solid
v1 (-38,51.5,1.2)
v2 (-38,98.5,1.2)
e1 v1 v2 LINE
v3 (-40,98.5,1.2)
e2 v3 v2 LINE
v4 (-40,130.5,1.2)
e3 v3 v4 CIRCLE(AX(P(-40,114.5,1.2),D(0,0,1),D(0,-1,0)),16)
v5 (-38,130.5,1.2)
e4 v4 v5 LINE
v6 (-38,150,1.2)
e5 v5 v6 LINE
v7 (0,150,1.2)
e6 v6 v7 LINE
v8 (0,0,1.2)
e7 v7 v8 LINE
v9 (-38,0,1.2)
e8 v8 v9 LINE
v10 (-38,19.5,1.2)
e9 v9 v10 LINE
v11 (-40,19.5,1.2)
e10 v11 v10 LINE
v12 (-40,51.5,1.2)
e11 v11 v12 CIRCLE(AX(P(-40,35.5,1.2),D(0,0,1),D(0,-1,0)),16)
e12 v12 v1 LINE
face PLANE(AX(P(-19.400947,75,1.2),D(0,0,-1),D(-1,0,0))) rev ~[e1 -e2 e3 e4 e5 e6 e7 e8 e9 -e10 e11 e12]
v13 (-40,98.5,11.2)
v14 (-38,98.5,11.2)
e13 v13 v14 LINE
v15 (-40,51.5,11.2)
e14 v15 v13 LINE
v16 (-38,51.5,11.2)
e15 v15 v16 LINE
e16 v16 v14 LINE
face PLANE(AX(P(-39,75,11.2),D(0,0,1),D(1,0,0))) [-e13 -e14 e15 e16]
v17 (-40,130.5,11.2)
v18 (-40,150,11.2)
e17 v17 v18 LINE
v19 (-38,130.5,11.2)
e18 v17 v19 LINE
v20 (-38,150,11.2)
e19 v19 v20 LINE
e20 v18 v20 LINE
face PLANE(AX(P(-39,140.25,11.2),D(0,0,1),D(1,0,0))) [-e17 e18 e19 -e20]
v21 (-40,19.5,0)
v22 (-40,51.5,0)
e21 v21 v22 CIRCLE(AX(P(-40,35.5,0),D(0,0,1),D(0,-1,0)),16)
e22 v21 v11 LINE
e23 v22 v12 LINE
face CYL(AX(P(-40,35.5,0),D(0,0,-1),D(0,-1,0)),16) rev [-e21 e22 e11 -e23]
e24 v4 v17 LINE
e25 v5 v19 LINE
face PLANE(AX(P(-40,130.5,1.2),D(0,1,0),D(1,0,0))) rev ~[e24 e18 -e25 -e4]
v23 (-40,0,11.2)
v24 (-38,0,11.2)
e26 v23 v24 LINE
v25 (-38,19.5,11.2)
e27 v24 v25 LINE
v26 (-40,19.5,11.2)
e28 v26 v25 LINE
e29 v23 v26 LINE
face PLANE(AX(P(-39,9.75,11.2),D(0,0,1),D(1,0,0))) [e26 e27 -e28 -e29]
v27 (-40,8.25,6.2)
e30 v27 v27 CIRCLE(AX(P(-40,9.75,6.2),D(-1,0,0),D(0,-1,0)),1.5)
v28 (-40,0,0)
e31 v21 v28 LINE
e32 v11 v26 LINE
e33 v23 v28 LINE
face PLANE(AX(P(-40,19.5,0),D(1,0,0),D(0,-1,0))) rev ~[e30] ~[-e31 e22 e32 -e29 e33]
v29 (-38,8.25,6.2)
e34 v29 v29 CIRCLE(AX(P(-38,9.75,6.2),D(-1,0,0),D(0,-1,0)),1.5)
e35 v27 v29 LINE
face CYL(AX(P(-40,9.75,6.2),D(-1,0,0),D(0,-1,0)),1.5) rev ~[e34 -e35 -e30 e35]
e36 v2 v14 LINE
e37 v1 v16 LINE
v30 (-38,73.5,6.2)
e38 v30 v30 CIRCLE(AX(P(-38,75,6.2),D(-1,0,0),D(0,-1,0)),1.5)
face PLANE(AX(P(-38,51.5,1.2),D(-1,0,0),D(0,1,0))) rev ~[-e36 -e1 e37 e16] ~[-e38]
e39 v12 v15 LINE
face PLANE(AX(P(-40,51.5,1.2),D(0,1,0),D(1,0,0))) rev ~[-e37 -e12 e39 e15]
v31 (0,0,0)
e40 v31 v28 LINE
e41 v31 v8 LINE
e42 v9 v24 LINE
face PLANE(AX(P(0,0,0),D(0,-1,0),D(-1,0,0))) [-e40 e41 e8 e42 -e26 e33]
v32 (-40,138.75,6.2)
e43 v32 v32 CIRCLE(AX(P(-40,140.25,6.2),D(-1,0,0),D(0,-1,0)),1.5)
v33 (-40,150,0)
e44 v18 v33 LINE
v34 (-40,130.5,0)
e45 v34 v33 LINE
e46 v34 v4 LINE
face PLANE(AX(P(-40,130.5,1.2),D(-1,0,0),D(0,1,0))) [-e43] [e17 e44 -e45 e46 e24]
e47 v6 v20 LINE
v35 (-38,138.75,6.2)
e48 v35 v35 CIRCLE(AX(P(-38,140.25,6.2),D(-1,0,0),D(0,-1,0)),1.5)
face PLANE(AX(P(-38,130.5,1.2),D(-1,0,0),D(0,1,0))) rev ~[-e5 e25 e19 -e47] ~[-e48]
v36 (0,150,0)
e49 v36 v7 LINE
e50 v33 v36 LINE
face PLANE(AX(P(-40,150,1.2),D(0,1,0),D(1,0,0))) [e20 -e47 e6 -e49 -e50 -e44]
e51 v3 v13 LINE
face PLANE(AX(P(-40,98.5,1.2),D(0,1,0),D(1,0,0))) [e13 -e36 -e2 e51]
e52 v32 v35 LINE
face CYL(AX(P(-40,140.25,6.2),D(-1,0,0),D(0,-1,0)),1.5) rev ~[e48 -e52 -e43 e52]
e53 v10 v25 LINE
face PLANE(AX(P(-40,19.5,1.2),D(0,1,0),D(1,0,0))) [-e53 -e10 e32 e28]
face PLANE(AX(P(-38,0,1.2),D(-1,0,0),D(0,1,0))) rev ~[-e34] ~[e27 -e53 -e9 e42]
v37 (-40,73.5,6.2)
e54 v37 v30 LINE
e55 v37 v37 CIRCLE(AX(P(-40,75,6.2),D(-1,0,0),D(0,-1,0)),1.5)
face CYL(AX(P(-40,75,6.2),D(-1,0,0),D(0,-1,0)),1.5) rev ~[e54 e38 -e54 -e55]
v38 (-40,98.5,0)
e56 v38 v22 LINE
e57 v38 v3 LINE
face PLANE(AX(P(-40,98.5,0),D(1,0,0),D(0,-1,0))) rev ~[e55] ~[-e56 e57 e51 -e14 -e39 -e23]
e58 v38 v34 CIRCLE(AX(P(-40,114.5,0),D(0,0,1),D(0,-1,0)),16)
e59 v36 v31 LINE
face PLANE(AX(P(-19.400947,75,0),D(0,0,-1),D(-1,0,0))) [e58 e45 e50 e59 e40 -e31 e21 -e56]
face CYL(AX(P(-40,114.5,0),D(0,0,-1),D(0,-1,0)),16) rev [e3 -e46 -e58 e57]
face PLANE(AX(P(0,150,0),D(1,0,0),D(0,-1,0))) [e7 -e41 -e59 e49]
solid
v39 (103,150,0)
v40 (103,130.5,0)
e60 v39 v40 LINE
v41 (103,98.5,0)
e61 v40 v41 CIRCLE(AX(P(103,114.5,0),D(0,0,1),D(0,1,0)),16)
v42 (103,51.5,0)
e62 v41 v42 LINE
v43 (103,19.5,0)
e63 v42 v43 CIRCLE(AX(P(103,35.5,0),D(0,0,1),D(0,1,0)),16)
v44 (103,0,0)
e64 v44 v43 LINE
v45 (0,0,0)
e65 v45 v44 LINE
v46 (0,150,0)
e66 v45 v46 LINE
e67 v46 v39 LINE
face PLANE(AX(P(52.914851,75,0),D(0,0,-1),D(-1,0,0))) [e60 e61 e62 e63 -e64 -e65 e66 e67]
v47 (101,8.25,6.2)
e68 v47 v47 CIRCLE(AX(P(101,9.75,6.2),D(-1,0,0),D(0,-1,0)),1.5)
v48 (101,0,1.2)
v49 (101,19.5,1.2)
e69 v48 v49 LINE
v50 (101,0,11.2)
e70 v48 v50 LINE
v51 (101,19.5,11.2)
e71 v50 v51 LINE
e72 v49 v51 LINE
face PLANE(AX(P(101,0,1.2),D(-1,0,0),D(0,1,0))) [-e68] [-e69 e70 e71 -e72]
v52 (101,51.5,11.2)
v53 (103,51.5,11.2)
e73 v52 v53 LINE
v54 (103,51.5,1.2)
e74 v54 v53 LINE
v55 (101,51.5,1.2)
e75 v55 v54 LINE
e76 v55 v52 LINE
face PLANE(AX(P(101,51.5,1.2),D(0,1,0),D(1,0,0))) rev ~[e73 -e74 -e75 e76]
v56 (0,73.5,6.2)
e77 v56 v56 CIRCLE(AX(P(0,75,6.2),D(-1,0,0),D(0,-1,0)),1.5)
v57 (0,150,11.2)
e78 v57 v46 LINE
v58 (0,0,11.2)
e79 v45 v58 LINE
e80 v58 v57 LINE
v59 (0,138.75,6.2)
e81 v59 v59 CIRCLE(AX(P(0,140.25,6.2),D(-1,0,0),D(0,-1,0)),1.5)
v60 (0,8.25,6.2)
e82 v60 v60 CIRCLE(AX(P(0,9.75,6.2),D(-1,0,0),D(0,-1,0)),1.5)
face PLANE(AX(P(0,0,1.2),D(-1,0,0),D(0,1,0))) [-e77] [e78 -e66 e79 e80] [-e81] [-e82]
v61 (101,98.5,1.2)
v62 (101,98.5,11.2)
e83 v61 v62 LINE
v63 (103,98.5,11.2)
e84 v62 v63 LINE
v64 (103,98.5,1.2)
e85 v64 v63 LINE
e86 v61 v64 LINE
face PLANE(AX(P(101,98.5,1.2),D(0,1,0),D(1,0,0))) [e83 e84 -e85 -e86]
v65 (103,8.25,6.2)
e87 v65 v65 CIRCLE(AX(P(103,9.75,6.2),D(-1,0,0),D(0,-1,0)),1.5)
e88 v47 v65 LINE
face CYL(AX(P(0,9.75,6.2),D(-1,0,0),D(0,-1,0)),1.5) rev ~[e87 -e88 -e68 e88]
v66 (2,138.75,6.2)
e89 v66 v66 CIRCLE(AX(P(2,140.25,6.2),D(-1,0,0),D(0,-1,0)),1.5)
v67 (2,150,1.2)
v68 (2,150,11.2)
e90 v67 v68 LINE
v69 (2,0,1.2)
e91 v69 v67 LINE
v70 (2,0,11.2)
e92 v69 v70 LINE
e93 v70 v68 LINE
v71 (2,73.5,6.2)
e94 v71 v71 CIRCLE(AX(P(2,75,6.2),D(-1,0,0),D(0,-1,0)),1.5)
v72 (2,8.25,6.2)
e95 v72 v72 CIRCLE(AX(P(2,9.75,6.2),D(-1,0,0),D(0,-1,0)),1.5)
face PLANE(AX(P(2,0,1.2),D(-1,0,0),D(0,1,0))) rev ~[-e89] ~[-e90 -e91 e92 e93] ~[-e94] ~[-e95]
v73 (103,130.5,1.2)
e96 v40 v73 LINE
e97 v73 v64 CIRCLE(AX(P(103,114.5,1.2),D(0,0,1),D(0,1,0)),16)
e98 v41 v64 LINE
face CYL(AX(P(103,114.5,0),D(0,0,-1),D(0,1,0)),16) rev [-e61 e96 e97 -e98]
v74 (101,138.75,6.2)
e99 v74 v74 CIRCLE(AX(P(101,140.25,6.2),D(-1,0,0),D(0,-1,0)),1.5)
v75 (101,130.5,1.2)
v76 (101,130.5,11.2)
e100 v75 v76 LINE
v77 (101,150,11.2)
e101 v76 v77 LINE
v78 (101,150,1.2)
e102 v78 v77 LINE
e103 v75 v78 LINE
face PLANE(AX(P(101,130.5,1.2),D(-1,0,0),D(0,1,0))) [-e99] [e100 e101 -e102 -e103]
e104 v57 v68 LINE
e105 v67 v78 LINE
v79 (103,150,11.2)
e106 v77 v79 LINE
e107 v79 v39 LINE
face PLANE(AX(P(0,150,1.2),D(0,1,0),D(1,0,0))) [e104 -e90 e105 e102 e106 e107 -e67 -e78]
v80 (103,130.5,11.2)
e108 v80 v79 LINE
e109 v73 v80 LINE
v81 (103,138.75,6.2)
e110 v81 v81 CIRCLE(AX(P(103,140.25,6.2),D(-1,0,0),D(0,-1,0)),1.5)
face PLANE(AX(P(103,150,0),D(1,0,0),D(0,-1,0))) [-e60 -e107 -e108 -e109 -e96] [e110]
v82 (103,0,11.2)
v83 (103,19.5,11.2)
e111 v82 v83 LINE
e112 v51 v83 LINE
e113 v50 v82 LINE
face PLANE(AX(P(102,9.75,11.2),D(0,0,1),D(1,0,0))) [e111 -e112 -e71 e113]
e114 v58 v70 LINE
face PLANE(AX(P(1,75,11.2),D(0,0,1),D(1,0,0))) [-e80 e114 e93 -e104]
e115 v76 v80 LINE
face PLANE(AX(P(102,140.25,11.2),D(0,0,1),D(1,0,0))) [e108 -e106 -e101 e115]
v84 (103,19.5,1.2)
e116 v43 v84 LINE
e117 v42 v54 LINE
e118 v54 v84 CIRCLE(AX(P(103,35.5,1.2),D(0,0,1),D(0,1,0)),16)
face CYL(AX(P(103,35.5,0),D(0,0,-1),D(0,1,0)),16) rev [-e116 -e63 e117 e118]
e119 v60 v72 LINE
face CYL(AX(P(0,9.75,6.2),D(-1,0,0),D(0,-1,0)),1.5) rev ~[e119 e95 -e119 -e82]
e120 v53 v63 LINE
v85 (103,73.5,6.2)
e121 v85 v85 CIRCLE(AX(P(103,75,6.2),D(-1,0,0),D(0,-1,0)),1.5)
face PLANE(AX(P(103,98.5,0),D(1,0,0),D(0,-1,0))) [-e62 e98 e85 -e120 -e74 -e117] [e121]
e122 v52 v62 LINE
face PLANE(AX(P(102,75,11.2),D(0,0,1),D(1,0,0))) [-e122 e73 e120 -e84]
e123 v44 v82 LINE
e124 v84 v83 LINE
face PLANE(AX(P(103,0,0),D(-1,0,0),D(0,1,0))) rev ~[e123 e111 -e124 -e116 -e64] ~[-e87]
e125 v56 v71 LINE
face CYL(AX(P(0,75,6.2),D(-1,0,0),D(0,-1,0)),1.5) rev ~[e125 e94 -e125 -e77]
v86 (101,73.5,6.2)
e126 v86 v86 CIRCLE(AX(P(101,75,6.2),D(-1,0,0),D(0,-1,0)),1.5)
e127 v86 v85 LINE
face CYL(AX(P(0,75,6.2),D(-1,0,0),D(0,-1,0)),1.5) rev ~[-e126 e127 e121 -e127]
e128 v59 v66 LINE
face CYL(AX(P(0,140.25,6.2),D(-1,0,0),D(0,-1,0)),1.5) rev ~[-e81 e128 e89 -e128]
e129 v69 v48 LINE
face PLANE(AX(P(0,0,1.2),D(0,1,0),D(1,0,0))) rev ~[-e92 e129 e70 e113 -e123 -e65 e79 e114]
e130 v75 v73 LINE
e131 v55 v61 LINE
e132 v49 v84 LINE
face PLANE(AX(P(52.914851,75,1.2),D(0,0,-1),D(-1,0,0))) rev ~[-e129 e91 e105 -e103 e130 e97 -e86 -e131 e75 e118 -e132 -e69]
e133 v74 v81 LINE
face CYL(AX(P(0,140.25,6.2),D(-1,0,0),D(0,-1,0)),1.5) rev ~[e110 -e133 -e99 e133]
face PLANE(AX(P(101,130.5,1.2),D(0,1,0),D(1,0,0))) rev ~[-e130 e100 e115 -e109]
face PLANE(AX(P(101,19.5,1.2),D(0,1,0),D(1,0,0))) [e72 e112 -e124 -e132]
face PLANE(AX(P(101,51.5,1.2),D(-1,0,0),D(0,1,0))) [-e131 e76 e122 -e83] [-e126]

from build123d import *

# Parameters (mm, degrees)
PAD_DEPTH       = 1.2
SKETCH001_W     = 2
SKETCH001_H     = 150
SKETCH001_H_2   = 19.5
SKETCH001_H_3   = 47
PAD001_DEPTH    = 10
SKETCH002_R     = 1.5
POCKET_DEPTH    = 103.001
PAD002_DEPTH    = 1.2
SKETCH004_W     = 2
SKETCH004_H     = 19.5
SKETCH004_H_2   = 47
PAD003_DEPTH    = 10
SKETCH005_R     = 1.5
POCKET001_DEPTH = 40.001


with BuildPart() as left:
    # Sketch → Pad (new body)
    with BuildSketch(Plane.XY):
        with BuildLine():
            Line((0, 0), (0, 150))
            Line((0, 150), (103, 150))
            Line((103, 150), (103, 130.5))
            ThreePointArc((103, 130.5), (87, 114.5), (103, 98.5))
            Line((103, 98.5), (103, 51.5))
            ThreePointArc((103, 51.5), (87, 35.5), (103, 19.5))
            Line((103, 0), (103, 19.5))
            Line((0, 0), (103, 0))
        make_face()
    extrude(amount=PAD_DEPTH)

    # Sketch001 (on Face10 of Pad) → Pad001 (join)
    with BuildSketch(Plane.XY.offset(1.2)):
        with Locations((1, 75)):
            Rectangle(SKETCH001_W, SKETCH001_H)
        with Locations((102, 140.25)):
            Rectangle(SKETCH001_W, SKETCH001_H_2)
        with Locations((102, 75)):
            Rectangle(SKETCH001_W, SKETCH001_H_3)
        with Locations((102, 9.75)):
            Rectangle(SKETCH001_W, SKETCH001_H_2)
    extrude(amount=PAD001_DEPTH)

    # Sketch002 (on Face5 of Pad001) → Pocket (cut, through all)
    with BuildSketch(Plane(origin=(0, 0, 0), x_dir=(0, -1, 0), z_dir=(-1, 0, 0))):
        with Locations((-75, 6.2)):
            Circle(SKETCH002_R)
        with Locations((-140.25, 6.2)):
            Circle(SKETCH002_R)
        with Locations((-9.75, 6.2)):
            Circle(SKETCH002_R)
    extrude(amount=-POCKET_DEPTH, mode=Mode.SUBTRACT)


with BuildPart() as right:
    # Sketch003 → Pad002 (new body)
    with BuildSketch(Plane.XY):
        with BuildLine():
            Line((0, 0), (-40, 0))
            Line((-40, 19.5), (-40, 0))
            ThreePointArc((-40, 19.5), (-24, 35.5), (-40, 51.5))
            Line((-40, 98.5), (-40, 51.5))
            ThreePointArc((-40, 98.5), (-24, 114.5), (-40, 130.5))
            Line((-40, 130.5), (-40, 150))
            Line((-40, 150), (0, 150))
            Line((0, 150), (0, 0))
        make_face()
    extrude(amount=PAD002_DEPTH)

    # Sketch004 (on Face10 of Pad002) → Pad003 (join)
    with BuildSketch(Plane.XY.offset(1.2)):
        with Locations((-39, 140.25)):
            Rectangle(SKETCH004_W, SKETCH004_H)
        with Locations((-39, 75)):
            Rectangle(SKETCH004_W, SKETCH004_H_2)
        with Locations((-39, 9.75)):
            Rectangle(SKETCH004_W, SKETCH004_H)
    extrude(amount=PAD003_DEPTH)

    # Sketch005 (on Face7 of Pad003) → Pocket001 (cut, through all)
    with BuildSketch(Plane(origin=(-40, 0, 0), x_dir=(0, -1, 0), z_dir=(-1, 0, 0))):
        with Locations((-140.25, 6.2)):
            Circle(SKETCH005_R)
        with Locations((-75, 6.2)):
            Circle(SKETCH005_R)
        with Locations((-9.75, 6.2)):
            Circle(SKETCH005_R)
    extrude(amount=-POCKET001_DEPTH, mode=Mode.SUBTRACT)


solid = Compound([left.part, right.part])
